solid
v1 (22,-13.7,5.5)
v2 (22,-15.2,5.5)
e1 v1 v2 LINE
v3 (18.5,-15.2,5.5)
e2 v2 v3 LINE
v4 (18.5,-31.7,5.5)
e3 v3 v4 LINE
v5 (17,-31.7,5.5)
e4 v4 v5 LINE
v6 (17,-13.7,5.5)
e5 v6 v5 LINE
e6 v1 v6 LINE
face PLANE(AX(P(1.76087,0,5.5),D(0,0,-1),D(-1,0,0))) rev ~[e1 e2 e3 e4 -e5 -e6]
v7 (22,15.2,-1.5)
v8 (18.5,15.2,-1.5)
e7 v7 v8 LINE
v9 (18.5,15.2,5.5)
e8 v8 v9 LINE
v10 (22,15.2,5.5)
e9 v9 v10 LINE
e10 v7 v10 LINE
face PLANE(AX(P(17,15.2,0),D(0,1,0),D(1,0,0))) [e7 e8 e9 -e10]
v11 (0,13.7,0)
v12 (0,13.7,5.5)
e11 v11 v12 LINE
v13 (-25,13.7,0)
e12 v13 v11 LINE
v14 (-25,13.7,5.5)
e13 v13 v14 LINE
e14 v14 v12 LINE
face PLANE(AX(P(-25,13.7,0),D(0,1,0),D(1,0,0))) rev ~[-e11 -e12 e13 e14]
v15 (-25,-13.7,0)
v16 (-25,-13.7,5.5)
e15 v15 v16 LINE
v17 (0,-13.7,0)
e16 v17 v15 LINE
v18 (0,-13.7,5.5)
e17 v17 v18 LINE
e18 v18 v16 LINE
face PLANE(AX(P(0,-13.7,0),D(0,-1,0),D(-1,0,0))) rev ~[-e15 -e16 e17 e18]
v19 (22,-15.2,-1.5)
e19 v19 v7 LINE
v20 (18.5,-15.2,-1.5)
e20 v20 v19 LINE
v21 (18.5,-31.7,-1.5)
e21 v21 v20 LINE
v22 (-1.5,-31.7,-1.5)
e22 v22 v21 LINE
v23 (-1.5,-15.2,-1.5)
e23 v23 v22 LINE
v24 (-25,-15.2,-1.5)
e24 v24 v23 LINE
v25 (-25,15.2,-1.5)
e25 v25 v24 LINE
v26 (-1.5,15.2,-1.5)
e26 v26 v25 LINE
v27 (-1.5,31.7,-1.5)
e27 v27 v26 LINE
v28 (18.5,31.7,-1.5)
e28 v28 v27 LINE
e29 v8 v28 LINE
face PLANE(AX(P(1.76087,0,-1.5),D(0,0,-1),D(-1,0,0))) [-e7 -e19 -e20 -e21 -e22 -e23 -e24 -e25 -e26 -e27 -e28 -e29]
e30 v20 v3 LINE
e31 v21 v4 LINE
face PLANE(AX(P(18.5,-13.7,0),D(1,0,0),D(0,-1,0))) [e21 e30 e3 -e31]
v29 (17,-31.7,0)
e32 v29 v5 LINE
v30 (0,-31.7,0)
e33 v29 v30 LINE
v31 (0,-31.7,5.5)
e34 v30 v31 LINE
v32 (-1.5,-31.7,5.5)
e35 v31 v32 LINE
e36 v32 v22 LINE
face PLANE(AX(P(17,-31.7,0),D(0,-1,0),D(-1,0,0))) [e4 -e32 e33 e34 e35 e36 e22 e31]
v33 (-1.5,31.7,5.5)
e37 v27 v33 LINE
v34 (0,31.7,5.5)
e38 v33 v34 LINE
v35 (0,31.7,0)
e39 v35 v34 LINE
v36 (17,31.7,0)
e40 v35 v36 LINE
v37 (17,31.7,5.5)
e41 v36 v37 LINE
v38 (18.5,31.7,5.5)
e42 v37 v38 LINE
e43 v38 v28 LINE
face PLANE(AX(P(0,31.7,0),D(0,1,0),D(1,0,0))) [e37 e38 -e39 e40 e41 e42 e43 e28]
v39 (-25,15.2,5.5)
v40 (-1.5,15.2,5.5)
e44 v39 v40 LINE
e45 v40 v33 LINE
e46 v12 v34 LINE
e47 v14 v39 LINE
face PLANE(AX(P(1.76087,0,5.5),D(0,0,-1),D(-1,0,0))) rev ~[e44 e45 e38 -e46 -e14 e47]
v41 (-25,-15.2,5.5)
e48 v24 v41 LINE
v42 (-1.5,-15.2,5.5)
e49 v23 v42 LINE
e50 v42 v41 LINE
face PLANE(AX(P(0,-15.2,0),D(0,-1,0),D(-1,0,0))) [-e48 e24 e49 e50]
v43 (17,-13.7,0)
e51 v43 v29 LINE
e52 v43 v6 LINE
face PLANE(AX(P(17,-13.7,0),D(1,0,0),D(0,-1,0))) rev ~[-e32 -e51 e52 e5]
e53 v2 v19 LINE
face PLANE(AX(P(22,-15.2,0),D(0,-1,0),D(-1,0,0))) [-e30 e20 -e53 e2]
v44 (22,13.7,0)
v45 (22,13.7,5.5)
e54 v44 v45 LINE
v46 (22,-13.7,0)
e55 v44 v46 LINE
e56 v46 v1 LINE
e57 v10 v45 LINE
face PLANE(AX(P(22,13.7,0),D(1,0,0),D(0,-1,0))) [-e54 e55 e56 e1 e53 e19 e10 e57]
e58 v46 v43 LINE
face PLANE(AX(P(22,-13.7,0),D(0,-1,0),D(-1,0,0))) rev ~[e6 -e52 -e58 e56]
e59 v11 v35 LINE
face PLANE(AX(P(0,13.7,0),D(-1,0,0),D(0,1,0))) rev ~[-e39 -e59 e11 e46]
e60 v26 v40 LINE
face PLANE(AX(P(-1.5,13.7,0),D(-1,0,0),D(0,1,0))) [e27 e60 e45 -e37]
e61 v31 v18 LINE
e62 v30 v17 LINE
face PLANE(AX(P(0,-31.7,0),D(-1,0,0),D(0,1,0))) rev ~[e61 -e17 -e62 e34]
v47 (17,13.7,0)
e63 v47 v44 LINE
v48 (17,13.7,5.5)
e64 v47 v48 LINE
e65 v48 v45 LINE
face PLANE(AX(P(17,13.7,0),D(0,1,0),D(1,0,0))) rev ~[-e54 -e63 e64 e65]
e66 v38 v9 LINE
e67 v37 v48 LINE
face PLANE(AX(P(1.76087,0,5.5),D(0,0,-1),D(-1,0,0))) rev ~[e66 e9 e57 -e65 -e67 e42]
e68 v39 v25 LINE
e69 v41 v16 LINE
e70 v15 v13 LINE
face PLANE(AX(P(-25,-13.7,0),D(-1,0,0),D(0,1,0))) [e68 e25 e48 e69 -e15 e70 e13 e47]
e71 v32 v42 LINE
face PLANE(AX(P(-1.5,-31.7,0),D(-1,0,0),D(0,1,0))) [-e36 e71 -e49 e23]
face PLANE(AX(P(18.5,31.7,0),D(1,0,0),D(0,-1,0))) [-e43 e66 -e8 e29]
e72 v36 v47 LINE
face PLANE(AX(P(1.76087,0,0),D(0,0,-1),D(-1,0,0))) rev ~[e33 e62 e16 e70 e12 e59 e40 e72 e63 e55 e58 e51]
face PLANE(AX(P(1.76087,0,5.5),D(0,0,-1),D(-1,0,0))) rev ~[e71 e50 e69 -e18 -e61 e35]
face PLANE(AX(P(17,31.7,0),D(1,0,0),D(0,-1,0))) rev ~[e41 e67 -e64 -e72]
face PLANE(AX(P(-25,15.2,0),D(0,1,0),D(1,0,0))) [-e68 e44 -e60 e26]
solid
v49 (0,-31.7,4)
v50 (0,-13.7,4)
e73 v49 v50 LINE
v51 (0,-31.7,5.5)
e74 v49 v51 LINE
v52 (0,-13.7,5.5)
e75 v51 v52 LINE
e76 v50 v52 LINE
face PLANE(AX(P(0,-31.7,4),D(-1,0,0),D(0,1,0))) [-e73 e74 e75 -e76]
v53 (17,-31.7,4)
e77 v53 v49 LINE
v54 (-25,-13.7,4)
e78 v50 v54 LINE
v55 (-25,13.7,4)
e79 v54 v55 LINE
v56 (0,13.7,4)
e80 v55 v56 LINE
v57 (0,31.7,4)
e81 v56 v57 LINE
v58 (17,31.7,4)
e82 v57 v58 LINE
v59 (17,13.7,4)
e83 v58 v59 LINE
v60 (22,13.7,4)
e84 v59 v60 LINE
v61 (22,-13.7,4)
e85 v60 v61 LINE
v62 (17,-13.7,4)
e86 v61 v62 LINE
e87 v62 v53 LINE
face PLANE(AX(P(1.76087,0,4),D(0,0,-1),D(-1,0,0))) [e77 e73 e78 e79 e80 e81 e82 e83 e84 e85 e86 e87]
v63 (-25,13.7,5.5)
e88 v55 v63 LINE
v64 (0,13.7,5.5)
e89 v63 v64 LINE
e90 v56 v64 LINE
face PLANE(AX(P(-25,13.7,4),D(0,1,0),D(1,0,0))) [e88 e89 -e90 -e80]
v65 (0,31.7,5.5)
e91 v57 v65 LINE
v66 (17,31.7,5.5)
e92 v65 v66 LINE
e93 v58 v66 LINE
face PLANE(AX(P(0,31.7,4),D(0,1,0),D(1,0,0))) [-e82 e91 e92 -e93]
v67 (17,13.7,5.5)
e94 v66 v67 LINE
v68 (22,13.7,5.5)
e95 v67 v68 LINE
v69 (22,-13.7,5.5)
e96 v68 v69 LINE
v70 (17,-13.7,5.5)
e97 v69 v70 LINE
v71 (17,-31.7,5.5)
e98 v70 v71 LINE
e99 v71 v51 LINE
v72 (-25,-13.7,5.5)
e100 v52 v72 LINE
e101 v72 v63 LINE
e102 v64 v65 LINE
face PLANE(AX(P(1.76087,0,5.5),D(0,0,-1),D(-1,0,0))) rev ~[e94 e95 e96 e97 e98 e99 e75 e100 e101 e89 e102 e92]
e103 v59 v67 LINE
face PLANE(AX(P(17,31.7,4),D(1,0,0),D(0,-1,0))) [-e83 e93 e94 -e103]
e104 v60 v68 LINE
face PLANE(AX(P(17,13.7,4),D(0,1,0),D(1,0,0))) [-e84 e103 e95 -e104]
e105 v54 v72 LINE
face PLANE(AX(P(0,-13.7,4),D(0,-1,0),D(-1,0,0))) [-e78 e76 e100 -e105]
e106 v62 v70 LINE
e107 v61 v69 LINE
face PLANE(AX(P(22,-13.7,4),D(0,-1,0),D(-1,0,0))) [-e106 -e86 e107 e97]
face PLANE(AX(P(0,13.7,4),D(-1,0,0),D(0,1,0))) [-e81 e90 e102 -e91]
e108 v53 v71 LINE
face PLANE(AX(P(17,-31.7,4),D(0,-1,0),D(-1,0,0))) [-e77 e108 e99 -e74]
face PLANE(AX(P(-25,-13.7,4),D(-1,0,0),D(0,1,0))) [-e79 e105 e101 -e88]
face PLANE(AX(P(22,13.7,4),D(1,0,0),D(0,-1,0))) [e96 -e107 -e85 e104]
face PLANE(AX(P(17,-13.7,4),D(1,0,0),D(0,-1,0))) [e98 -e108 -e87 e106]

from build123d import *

# Parameters (mm, degrees)
PAD_DEPTH    = 5.5
THICKNESS_T  = 1.5
PAD001_DEPTH = 1.5


with BuildPart() as body:
    # Sketch → Pad (new body)
    with BuildSketch(Plane.XY):
        Polygon((-25, -13.7), (-25, 13.7), (0, 13.7), (0, 31.7), (17, 31.7), (17, 13.7), (22, 13.7), (22, -13.7), (17, -13.7), (17, -31.7), (0, -31.7), (0, -13.7), align=None)
    extrude(amount=PAD_DEPTH)

    # Thickness
    thickness_openings = [body.faces().sort_by_distance(p)[0] for p in [
        (1.721392, 0, 5.5),
        (-25, 0, 2.75),
        (8.5, -31.7, 2.75),
        (22, 0, 2.75),
        (8.5, 31.7, 2.75),
    ]]
    offset(amount=THICKNESS_T, openings=thickness_openings, kind=Kind.INTERSECTION)


with BuildPart() as deckel:
    # Sketch001 → Pad001 (new body)
    with BuildSketch(Plane.XY):
        Polygon((-25, -13.7), (-25, 13.7), (0, 13.7), (0, 31.7), (17, 31.7), (17, 13.7), (22, 13.7), (22, -13.7), (17, -13.7), (17, -31.7), (0, -31.7), (0, -13.7), align=None)
    extrude(amount=PAD001_DEPTH)


with BuildPart() as deckel_1:
    # Body001 placement: moved
    add(deckel.part.moved(Location((0, 0, 4))))


solid = Compound([body.part, deckel_1.part])
